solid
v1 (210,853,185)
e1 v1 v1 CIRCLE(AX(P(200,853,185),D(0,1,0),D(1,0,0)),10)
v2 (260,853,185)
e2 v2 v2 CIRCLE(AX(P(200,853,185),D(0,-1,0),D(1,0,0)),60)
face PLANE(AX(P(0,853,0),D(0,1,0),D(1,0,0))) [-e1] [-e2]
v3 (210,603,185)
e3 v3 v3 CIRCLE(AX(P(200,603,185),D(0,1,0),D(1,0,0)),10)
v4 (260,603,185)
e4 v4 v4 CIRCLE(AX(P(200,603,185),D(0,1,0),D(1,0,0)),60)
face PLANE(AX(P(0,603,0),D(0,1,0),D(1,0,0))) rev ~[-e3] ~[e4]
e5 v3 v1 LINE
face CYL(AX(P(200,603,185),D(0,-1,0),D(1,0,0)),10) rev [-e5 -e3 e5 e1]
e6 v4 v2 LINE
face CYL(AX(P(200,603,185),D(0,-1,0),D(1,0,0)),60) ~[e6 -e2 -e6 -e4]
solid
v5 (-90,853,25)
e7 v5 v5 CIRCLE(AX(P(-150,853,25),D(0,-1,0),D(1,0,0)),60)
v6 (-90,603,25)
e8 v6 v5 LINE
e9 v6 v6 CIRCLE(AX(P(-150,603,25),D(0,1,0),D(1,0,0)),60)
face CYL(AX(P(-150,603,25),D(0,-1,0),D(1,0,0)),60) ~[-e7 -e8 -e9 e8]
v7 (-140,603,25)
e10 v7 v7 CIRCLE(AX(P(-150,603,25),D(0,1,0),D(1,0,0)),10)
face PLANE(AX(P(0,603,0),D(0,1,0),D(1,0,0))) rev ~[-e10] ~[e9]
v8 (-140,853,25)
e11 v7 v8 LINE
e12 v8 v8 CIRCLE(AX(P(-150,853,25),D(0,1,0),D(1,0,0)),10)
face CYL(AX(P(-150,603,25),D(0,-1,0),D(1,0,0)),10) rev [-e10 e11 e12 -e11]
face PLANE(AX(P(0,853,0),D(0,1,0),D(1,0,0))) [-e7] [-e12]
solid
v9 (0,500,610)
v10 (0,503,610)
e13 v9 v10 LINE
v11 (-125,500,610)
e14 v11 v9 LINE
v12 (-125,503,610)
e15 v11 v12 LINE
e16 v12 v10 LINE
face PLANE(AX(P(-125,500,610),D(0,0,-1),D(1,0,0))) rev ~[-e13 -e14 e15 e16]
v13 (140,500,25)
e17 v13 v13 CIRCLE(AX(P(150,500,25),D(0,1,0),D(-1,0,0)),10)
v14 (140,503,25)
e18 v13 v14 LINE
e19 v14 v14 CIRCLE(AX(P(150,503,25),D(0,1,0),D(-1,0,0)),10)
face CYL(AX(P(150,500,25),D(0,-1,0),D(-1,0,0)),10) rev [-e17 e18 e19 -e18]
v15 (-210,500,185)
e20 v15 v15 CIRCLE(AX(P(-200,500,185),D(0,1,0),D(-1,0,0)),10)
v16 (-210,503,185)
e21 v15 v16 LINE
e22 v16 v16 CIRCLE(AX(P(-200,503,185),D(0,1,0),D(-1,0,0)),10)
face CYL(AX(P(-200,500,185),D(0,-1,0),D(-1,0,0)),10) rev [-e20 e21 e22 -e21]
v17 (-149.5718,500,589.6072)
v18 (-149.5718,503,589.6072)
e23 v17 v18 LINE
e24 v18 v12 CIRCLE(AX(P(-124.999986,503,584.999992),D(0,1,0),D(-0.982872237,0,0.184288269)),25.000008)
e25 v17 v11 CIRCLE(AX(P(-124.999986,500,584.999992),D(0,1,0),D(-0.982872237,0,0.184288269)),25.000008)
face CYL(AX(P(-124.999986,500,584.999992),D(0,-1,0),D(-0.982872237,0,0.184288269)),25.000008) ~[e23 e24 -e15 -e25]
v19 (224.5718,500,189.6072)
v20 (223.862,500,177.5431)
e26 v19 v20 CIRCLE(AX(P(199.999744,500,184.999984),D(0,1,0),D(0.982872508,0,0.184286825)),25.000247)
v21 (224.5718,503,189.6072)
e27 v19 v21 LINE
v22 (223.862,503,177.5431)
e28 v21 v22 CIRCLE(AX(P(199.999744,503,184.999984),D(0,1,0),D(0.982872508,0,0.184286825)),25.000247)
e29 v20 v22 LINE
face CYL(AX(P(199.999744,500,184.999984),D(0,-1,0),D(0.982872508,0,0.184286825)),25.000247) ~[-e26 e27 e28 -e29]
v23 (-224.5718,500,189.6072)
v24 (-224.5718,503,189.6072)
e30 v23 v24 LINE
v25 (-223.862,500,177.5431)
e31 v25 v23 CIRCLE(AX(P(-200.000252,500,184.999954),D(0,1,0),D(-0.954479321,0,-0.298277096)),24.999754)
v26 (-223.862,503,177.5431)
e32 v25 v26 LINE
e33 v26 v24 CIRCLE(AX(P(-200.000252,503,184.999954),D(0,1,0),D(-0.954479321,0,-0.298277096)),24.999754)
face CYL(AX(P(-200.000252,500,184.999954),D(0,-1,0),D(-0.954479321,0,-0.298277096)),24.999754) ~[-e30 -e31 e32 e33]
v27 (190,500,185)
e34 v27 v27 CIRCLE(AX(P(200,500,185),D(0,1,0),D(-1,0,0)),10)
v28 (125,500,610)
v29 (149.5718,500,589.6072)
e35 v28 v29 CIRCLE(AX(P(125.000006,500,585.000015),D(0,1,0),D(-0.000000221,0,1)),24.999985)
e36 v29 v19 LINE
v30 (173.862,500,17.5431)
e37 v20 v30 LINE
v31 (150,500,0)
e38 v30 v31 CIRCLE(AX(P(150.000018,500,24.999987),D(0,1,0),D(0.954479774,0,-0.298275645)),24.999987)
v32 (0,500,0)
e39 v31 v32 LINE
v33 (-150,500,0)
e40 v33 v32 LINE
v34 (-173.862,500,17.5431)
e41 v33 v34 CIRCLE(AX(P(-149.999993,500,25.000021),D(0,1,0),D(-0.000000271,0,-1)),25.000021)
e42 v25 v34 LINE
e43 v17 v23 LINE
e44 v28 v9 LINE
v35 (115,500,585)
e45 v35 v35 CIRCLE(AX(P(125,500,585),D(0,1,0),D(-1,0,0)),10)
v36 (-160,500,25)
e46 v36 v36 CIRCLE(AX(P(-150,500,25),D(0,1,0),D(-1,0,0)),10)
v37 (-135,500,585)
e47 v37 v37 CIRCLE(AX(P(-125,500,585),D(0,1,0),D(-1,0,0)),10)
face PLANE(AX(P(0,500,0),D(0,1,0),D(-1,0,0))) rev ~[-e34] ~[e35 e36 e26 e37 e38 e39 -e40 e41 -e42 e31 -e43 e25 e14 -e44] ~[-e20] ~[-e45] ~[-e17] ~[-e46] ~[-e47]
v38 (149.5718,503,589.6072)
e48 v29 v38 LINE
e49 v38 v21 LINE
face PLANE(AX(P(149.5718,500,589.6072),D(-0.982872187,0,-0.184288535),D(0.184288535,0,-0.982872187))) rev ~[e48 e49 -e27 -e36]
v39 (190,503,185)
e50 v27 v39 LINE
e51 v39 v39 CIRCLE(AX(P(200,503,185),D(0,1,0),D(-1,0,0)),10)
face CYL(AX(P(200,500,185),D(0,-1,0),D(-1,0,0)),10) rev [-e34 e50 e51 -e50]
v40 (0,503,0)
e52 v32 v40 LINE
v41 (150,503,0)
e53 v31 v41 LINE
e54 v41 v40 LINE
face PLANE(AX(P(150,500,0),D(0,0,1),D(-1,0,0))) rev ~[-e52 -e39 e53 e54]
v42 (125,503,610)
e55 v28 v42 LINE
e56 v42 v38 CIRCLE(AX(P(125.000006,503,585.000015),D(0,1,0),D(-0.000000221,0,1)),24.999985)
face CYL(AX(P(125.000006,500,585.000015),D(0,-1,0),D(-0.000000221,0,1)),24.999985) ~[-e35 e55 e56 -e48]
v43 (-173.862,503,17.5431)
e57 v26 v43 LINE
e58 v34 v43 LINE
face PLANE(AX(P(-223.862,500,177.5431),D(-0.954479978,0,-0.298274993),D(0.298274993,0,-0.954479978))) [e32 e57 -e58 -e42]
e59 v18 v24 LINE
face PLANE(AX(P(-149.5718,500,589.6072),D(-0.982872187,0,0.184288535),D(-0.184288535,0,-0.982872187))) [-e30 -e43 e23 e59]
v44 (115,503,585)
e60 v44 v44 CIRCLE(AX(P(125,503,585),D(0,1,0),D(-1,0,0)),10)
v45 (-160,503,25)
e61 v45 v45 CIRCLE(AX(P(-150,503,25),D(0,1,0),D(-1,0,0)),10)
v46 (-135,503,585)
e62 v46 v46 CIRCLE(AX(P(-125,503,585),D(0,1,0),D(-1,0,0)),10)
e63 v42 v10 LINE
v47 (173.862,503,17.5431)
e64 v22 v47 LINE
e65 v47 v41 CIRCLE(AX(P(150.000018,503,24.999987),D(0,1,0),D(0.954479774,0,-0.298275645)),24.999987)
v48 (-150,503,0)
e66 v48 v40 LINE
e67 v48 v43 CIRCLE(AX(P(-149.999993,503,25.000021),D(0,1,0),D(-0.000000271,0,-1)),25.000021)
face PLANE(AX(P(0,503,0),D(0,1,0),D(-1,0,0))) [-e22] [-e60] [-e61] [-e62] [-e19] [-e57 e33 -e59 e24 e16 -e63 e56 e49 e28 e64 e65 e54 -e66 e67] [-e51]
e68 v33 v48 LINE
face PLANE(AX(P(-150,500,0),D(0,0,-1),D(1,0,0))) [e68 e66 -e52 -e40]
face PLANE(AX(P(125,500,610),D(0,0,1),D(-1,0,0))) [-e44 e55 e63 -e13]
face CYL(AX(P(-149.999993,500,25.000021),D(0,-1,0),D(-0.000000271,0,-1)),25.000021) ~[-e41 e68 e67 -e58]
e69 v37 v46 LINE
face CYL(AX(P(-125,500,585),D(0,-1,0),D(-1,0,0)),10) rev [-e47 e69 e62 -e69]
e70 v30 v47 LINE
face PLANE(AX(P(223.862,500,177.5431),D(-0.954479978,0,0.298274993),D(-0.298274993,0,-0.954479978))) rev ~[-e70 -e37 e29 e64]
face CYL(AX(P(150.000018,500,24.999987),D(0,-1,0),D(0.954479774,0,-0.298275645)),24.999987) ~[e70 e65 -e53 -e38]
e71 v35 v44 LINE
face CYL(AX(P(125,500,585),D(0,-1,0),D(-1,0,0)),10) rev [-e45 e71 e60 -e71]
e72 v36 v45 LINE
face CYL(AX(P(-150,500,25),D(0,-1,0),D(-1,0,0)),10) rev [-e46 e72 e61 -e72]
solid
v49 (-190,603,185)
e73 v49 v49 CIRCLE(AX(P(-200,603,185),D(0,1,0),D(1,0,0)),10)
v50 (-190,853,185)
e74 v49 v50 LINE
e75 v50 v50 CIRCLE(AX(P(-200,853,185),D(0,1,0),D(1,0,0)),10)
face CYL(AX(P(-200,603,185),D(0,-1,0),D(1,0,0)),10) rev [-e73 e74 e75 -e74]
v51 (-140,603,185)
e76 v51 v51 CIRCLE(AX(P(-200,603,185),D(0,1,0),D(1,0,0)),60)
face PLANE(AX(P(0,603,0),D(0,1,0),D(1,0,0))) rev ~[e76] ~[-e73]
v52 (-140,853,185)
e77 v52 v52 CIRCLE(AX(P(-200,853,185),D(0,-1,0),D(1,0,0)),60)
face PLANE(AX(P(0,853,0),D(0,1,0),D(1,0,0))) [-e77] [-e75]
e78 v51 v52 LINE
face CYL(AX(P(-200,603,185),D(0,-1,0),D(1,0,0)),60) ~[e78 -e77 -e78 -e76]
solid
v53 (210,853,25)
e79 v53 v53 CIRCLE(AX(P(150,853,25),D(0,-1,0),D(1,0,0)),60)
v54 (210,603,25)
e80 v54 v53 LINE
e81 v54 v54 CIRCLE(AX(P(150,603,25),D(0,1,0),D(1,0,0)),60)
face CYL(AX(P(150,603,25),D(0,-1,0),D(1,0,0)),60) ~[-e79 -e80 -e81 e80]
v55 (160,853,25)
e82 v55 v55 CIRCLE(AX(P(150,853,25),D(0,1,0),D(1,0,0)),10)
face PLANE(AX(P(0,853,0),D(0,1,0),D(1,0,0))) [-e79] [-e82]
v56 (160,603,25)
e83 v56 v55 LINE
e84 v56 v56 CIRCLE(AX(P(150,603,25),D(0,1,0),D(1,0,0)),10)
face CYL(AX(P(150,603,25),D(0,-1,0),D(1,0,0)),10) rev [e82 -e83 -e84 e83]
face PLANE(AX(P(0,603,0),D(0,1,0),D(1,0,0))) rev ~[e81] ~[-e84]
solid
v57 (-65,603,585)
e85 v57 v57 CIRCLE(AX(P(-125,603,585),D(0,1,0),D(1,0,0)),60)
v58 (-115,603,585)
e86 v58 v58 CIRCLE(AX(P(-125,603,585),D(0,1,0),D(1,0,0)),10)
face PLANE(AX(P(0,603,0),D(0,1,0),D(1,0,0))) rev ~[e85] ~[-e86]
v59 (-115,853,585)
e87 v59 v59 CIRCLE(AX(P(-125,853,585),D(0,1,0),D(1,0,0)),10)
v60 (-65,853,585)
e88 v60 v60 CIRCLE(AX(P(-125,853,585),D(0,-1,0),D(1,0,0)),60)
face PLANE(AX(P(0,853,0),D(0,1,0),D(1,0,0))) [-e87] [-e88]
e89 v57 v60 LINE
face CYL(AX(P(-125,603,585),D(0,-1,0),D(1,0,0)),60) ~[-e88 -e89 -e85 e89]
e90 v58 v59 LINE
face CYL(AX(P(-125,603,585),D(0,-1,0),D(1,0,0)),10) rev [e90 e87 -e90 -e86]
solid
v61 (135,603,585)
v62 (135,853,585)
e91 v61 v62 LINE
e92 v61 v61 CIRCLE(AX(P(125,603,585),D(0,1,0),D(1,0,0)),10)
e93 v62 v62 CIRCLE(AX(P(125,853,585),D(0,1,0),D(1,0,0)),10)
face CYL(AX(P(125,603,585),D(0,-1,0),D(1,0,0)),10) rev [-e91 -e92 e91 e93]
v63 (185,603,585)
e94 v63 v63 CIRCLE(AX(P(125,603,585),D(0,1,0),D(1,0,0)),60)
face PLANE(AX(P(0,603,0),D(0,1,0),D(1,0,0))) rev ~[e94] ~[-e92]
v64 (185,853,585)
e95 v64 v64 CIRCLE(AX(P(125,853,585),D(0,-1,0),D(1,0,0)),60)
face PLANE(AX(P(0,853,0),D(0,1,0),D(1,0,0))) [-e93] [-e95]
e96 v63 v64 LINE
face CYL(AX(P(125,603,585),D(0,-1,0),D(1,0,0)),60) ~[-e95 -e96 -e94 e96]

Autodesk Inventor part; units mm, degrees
ref_plane "YZ Plane" through (0, 0, 0) normal (1, 0, 0) x (0, 1, 0)
ref_plane "XY Plane" through (0, 0, 0) normal (0, 0, 1) x (1, 0, 0)
ref_plane "РабПлоскость1" through (0, 500, 0) normal (0, 1, 0) x (-1, 0, 0)
sketch "Эскиз5" plane through (0, 500, 0) normal (0, 1, 0) x (-1, 0, 0)
  circle A0 centre (-150, 25) radius 10
  line L0 (0, -2.2566) -> (0, 604.845)
  circle A1 centre (-200, 185) radius 10
  circle A2 centre (-125, 585) radius 10
  arc A3 (-125, 610) -> (-149.5718, 589.6072) centre (-125, 585) ccw
  arc A4 (-224.5718, 189.6072) -> (-223.862, 177.5431) centre (-200, 185) ccw
  arc A5 (-173.862, 17.5431) -> (-150, 0) centre (-150, 25) ccw
  line L1 (-149.5718, 589.6072) -> (-224.5718, 189.6072)
  line L2 (-223.862, 177.5431) -> (-173.862, 17.5431)
  line L3 (-125, 610) -> (0, 610)
  line L4 (-150, 0) -> (0, 0)
  line L5 (223.862, 177.5431) -> (173.862, 17.5431)
  arc A6 (223.862, 177.5431) -> (224.5718, 189.6072) centre (200, 185) ccw
  circle A7 centre (200, 185) radius 10
  arc A8 (150, 0) -> (173.862, 17.5431) centre (150, 25) ccw
  circle A9 centre (150, 25) radius 10
  line L6 (150, 0) -> (0, 0)
  line L7 (149.5718, 589.6072) -> (224.5718, 189.6072)
  circle A10 centre (125, 585) radius 10
  arc A11 (149.5718, 589.6072) -> (125, 610) centre (125, 585) ccw
  line L8 (125, 610) -> (0, 610)
  dimension "d19" = 300
  dimension "d20" = 400
  dimension "d21" = 250
  dimension "d22" = 400
  dimension "d23" = 160
  dimension "d24" = 20
  dimension "d25" = 50
extrude "Выдавливание5" add sketch "Эскиз5" along normal blind 3
ref_plane "РабПлоскость2" through (0, 603, 0) normal (0, 1, 0) x (1, 0, 0)
sketch "Эскиз9" plane through (0, 603, 0) normal (0, 1, 0) x (1, 0, 0)
  line L0 (150, 0) -> (-150, 0) projected
  arc A0 (-150, 0) -> (-173.862, -17.5431) centre (-150, -25) ccw projected
  line L1 (-173.862, -17.5431) -> (-223.862, -177.5431) projected
  arc A1 (-223.862, -177.5431) -> (-224.5718, -189.6072) centre (-200, -185) ccw projected
  line L2 (-224.5718, -189.6072) -> (-149.5718, -589.6072) projected
  arc A2 (-149.5718, -589.6072) -> (-125, -610) centre (-125, -585) ccw projected
  line L3 (-125, -610) -> (125, -610) projected
  arc A3 (125, -610) -> (149.5718, -589.6072) centre (125, -585) ccw projected
  line L4 (149.5718, -589.6072) -> (224.5718, -189.6072) projected
  arc A4 (224.5718, -189.6072) -> (223.862, -177.5431) centre (200, -185) ccw projected
  line L5 (223.862, -177.5431) -> (173.862, -17.5431) projected
  arc A5 (173.862, -17.5431) -> (150, 0) centre (150, -25) ccw projected
  circle A6 centre (-125, -585) radius 10 projected
  circle A7 centre (-150, -25) radius 10 projected
  circle A8 centre (-200, -185) radius 10 projected
  circle A9 centre (200, -185) radius 10 projected
  circle A10 centre (125, -585) radius 10 projected
  circle A11 centre (150, -25) radius 10 projected
  circle A12 centre (150, -25) radius 60
  circle A13 centre (-150, -25) radius 60
  circle A14 centre (-200, -185) radius 60
  circle A15 centre (200, -185) radius 60
  circle A16 centre (125, -585) radius 60
  circle A17 centre (-125, -585) radius 60
  point P0 (0, 0)
  dimension "d42" = 120
  dimension "d43" = 120
  dimension "d44" = 120
extrude "Выдавливание6" add sketch "Эскиз9" along normal blind 250 contours A5 L5 A12 L0 | L0 A12 L5 A5 | A13 L1 A0 L0 | L0 A0 L1 A13 | A15 L4 A4 L5 | L5 A4 L4 A15 | A14 L2 A1 L1 | L1 A1 L2 A14 | A16 L3 A3 L4 | L4 A3 L3 A16 | A17 L3 A2 L2 | L2 A2 L3 A17
equation "\"d24\" = d31"
equation "\"d32\" = thickness_steel"
equation "\"tolerance_plazma\" = 0.1"
equation "\"thickness_steel\" = 3"
equation "\"d_main_screw_holes\" = 6.1"
equation "\"d_main_shaft\" = 15"
equation "\"thickness_profile_tibea\" = 3"
equation "\"hight_shaft_shift\" = 37"
equation "\"thickness_profile_femur\" = 3"
equation "\"width_shaft_shift\" = 35"
equation "\"width_flattened_surface\" = 12"
equation "\"d31\" = 20"
properties part number "body_composition" material "Сталь"
